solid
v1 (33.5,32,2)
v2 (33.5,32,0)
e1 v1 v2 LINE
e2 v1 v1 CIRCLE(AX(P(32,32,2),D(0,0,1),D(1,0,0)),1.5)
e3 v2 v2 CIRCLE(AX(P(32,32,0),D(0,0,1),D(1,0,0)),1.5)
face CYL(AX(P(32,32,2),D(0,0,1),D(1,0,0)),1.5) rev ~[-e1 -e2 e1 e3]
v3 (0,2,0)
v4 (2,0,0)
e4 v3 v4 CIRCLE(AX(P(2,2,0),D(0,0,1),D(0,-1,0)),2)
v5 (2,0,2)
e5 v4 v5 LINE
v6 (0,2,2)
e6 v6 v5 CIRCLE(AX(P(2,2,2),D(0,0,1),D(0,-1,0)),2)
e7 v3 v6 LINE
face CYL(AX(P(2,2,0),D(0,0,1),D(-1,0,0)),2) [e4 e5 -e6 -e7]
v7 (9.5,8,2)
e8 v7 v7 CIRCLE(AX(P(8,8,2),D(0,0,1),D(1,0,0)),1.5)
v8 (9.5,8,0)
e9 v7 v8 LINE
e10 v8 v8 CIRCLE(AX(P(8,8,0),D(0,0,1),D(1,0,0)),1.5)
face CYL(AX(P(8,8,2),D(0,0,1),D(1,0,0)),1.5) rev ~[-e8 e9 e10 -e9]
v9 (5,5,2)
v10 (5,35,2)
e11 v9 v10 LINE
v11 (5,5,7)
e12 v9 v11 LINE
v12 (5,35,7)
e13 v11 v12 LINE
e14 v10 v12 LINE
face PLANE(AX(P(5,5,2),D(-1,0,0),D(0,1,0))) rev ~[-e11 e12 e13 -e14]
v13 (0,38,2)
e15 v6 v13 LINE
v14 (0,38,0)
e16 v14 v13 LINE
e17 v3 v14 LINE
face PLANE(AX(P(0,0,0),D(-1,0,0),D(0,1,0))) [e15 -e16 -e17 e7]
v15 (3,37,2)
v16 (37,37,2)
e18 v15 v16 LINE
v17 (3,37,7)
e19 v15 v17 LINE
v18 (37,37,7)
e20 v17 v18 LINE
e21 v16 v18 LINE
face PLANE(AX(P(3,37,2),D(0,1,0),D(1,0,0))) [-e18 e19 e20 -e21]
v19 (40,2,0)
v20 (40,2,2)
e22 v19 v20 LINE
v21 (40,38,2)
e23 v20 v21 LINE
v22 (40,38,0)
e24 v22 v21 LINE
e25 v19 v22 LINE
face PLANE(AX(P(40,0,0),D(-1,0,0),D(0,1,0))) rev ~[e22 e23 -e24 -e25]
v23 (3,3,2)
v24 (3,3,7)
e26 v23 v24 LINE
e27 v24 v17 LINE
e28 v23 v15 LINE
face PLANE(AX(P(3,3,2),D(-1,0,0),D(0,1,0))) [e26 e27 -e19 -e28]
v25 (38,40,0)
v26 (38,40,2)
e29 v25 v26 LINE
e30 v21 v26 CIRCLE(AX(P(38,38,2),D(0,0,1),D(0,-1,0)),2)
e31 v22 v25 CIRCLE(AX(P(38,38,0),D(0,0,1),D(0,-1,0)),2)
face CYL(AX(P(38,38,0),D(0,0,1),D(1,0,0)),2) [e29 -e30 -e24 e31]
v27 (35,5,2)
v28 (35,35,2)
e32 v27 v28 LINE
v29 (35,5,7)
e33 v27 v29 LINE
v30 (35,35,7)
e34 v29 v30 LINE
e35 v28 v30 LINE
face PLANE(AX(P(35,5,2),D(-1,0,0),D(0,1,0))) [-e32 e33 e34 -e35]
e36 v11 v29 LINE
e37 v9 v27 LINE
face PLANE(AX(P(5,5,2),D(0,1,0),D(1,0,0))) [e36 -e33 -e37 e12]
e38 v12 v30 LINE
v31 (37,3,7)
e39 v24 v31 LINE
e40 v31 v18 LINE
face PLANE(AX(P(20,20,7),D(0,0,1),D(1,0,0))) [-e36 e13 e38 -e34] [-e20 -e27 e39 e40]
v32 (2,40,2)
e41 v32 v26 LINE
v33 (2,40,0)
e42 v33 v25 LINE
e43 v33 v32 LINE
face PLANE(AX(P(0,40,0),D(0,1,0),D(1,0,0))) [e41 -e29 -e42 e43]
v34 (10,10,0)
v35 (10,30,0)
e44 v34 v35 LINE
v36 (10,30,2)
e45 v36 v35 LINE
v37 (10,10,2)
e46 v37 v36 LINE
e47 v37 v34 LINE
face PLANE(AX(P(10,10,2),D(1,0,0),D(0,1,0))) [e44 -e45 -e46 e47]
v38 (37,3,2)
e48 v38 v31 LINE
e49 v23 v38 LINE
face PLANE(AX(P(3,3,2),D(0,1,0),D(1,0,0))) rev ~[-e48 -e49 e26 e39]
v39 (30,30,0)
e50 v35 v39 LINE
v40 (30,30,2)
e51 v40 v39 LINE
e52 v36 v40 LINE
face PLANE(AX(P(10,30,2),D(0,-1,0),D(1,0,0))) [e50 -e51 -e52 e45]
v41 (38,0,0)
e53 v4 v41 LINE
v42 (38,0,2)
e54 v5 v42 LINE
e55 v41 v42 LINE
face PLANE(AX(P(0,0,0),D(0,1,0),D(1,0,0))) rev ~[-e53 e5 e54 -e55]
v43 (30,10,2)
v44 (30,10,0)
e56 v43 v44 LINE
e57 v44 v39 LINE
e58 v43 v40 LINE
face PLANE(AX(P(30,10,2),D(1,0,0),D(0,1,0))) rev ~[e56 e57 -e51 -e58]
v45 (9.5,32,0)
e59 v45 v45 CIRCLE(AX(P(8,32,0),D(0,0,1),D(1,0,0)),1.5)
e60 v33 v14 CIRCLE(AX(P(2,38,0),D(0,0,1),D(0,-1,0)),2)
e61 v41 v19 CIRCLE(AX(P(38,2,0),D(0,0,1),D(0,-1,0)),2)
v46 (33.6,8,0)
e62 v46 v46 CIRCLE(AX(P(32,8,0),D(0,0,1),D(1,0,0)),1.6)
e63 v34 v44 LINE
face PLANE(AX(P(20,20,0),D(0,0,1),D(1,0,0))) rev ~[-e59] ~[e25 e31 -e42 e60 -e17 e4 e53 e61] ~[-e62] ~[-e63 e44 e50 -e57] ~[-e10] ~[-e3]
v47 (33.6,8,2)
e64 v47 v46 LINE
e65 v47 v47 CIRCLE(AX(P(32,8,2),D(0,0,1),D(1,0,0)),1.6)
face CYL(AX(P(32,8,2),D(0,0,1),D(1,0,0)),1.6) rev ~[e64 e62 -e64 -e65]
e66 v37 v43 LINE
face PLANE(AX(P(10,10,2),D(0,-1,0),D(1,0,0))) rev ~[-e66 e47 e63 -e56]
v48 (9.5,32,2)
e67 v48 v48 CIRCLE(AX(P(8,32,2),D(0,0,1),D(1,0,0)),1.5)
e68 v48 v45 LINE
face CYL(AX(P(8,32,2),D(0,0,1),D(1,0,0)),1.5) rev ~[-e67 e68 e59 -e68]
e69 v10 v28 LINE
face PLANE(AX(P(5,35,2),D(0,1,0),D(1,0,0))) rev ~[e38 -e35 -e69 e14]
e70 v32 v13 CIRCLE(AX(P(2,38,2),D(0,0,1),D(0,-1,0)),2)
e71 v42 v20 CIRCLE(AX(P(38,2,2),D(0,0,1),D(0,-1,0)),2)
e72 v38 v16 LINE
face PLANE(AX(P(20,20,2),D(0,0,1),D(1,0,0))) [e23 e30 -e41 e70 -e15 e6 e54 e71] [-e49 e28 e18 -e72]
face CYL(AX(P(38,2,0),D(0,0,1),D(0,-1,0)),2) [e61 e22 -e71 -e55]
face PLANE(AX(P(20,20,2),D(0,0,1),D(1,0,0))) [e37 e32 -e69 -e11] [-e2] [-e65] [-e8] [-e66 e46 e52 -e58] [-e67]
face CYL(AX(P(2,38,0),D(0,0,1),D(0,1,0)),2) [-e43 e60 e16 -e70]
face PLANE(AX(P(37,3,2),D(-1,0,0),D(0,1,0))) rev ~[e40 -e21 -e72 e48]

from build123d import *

# Parameters (mm, degrees)
SKETCH_W        = 40
SKETCH_H        = 40
PAD_DEPTH       = 2
SKETCH001_W     = 20
SKETCH001_H     = 20
POCKET_DEPTH    = 2
SKETCH002_W     = 34
SKETCH002_H     = 34
SKETCH002_W_2   = 30
SKETCH002_H_2   = 30
PAD001_DEPTH    = 5
SKETCH003_R     = 1.5
SKETCH003_R_2   = 1.6
POCKET001_DEPTH = 5
FILLET_R        = 2
FILLET001_R     = 2
FILLET002_R     = 2
FILLET003_R     = 2


with BuildPart() as part:
    # Sketch → Pad (new body)
    with BuildSketch(Plane.XY):
        with Locations((20, 20)):
            Rectangle(SKETCH_W, SKETCH_H)
    extrude(amount=PAD_DEPTH)

    # Sketch001 → Pocket (cut)
    with BuildSketch(Plane.XY.offset(2)):
        with Locations((20, 20)):
            Rectangle(SKETCH001_W, SKETCH001_H)
    extrude(amount=-POCKET_DEPTH, mode=Mode.SUBTRACT)

    # Sketch002 → Pad001 (new body)
    with BuildSketch(Plane.XY.offset(2)):
        with Locations((20, 20)):
            Rectangle(SKETCH002_W, SKETCH002_H)
        with Locations((20, 20)):
            Rectangle(SKETCH002_W_2, SKETCH002_H_2, mode=Mode.SUBTRACT)
    extrude(amount=PAD001_DEPTH)

    # Sketch003 → Pocket001 (cut)
    with BuildSketch(Plane.XY.offset(2)):
        with Locations((8, 32)):
            Circle(SKETCH003_R)
        with Locations((32, 32)):
            Circle(SKETCH003_R)
        with Locations((8, 8)):
            Circle(SKETCH003_R)
        with Locations((32, 8)):
            Circle(SKETCH003_R_2)
    extrude(amount=-POCKET001_DEPTH, mode=Mode.SUBTRACT)

    # Fillet
    fillet_edges = [part.edges().sort_by_distance(p)[0] for p in [
        (40, 0, 1),
    ]]
    fillet(fillet_edges, radius=FILLET_R)

    # Fillet001
    fillet001_edges = [part.edges().sort_by_distance(p)[0] for p in [
        (40, 40, 1),
    ]]
    fillet(fillet001_edges, radius=FILLET001_R)

    # Fillet002
    fillet002_edges = [part.edges().sort_by_distance(p)[0] for p in [
        (0, 40, 1),
    ]]
    fillet(fillet002_edges, radius=FILLET002_R)

    # Fillet003
    fillet003_edges = [part.edges().sort_by_distance(p)[0] for p in [
        (0, 0, 1),
    ]]
    fillet(fillet003_edges, radius=FILLET003_R)


solid = part.part
